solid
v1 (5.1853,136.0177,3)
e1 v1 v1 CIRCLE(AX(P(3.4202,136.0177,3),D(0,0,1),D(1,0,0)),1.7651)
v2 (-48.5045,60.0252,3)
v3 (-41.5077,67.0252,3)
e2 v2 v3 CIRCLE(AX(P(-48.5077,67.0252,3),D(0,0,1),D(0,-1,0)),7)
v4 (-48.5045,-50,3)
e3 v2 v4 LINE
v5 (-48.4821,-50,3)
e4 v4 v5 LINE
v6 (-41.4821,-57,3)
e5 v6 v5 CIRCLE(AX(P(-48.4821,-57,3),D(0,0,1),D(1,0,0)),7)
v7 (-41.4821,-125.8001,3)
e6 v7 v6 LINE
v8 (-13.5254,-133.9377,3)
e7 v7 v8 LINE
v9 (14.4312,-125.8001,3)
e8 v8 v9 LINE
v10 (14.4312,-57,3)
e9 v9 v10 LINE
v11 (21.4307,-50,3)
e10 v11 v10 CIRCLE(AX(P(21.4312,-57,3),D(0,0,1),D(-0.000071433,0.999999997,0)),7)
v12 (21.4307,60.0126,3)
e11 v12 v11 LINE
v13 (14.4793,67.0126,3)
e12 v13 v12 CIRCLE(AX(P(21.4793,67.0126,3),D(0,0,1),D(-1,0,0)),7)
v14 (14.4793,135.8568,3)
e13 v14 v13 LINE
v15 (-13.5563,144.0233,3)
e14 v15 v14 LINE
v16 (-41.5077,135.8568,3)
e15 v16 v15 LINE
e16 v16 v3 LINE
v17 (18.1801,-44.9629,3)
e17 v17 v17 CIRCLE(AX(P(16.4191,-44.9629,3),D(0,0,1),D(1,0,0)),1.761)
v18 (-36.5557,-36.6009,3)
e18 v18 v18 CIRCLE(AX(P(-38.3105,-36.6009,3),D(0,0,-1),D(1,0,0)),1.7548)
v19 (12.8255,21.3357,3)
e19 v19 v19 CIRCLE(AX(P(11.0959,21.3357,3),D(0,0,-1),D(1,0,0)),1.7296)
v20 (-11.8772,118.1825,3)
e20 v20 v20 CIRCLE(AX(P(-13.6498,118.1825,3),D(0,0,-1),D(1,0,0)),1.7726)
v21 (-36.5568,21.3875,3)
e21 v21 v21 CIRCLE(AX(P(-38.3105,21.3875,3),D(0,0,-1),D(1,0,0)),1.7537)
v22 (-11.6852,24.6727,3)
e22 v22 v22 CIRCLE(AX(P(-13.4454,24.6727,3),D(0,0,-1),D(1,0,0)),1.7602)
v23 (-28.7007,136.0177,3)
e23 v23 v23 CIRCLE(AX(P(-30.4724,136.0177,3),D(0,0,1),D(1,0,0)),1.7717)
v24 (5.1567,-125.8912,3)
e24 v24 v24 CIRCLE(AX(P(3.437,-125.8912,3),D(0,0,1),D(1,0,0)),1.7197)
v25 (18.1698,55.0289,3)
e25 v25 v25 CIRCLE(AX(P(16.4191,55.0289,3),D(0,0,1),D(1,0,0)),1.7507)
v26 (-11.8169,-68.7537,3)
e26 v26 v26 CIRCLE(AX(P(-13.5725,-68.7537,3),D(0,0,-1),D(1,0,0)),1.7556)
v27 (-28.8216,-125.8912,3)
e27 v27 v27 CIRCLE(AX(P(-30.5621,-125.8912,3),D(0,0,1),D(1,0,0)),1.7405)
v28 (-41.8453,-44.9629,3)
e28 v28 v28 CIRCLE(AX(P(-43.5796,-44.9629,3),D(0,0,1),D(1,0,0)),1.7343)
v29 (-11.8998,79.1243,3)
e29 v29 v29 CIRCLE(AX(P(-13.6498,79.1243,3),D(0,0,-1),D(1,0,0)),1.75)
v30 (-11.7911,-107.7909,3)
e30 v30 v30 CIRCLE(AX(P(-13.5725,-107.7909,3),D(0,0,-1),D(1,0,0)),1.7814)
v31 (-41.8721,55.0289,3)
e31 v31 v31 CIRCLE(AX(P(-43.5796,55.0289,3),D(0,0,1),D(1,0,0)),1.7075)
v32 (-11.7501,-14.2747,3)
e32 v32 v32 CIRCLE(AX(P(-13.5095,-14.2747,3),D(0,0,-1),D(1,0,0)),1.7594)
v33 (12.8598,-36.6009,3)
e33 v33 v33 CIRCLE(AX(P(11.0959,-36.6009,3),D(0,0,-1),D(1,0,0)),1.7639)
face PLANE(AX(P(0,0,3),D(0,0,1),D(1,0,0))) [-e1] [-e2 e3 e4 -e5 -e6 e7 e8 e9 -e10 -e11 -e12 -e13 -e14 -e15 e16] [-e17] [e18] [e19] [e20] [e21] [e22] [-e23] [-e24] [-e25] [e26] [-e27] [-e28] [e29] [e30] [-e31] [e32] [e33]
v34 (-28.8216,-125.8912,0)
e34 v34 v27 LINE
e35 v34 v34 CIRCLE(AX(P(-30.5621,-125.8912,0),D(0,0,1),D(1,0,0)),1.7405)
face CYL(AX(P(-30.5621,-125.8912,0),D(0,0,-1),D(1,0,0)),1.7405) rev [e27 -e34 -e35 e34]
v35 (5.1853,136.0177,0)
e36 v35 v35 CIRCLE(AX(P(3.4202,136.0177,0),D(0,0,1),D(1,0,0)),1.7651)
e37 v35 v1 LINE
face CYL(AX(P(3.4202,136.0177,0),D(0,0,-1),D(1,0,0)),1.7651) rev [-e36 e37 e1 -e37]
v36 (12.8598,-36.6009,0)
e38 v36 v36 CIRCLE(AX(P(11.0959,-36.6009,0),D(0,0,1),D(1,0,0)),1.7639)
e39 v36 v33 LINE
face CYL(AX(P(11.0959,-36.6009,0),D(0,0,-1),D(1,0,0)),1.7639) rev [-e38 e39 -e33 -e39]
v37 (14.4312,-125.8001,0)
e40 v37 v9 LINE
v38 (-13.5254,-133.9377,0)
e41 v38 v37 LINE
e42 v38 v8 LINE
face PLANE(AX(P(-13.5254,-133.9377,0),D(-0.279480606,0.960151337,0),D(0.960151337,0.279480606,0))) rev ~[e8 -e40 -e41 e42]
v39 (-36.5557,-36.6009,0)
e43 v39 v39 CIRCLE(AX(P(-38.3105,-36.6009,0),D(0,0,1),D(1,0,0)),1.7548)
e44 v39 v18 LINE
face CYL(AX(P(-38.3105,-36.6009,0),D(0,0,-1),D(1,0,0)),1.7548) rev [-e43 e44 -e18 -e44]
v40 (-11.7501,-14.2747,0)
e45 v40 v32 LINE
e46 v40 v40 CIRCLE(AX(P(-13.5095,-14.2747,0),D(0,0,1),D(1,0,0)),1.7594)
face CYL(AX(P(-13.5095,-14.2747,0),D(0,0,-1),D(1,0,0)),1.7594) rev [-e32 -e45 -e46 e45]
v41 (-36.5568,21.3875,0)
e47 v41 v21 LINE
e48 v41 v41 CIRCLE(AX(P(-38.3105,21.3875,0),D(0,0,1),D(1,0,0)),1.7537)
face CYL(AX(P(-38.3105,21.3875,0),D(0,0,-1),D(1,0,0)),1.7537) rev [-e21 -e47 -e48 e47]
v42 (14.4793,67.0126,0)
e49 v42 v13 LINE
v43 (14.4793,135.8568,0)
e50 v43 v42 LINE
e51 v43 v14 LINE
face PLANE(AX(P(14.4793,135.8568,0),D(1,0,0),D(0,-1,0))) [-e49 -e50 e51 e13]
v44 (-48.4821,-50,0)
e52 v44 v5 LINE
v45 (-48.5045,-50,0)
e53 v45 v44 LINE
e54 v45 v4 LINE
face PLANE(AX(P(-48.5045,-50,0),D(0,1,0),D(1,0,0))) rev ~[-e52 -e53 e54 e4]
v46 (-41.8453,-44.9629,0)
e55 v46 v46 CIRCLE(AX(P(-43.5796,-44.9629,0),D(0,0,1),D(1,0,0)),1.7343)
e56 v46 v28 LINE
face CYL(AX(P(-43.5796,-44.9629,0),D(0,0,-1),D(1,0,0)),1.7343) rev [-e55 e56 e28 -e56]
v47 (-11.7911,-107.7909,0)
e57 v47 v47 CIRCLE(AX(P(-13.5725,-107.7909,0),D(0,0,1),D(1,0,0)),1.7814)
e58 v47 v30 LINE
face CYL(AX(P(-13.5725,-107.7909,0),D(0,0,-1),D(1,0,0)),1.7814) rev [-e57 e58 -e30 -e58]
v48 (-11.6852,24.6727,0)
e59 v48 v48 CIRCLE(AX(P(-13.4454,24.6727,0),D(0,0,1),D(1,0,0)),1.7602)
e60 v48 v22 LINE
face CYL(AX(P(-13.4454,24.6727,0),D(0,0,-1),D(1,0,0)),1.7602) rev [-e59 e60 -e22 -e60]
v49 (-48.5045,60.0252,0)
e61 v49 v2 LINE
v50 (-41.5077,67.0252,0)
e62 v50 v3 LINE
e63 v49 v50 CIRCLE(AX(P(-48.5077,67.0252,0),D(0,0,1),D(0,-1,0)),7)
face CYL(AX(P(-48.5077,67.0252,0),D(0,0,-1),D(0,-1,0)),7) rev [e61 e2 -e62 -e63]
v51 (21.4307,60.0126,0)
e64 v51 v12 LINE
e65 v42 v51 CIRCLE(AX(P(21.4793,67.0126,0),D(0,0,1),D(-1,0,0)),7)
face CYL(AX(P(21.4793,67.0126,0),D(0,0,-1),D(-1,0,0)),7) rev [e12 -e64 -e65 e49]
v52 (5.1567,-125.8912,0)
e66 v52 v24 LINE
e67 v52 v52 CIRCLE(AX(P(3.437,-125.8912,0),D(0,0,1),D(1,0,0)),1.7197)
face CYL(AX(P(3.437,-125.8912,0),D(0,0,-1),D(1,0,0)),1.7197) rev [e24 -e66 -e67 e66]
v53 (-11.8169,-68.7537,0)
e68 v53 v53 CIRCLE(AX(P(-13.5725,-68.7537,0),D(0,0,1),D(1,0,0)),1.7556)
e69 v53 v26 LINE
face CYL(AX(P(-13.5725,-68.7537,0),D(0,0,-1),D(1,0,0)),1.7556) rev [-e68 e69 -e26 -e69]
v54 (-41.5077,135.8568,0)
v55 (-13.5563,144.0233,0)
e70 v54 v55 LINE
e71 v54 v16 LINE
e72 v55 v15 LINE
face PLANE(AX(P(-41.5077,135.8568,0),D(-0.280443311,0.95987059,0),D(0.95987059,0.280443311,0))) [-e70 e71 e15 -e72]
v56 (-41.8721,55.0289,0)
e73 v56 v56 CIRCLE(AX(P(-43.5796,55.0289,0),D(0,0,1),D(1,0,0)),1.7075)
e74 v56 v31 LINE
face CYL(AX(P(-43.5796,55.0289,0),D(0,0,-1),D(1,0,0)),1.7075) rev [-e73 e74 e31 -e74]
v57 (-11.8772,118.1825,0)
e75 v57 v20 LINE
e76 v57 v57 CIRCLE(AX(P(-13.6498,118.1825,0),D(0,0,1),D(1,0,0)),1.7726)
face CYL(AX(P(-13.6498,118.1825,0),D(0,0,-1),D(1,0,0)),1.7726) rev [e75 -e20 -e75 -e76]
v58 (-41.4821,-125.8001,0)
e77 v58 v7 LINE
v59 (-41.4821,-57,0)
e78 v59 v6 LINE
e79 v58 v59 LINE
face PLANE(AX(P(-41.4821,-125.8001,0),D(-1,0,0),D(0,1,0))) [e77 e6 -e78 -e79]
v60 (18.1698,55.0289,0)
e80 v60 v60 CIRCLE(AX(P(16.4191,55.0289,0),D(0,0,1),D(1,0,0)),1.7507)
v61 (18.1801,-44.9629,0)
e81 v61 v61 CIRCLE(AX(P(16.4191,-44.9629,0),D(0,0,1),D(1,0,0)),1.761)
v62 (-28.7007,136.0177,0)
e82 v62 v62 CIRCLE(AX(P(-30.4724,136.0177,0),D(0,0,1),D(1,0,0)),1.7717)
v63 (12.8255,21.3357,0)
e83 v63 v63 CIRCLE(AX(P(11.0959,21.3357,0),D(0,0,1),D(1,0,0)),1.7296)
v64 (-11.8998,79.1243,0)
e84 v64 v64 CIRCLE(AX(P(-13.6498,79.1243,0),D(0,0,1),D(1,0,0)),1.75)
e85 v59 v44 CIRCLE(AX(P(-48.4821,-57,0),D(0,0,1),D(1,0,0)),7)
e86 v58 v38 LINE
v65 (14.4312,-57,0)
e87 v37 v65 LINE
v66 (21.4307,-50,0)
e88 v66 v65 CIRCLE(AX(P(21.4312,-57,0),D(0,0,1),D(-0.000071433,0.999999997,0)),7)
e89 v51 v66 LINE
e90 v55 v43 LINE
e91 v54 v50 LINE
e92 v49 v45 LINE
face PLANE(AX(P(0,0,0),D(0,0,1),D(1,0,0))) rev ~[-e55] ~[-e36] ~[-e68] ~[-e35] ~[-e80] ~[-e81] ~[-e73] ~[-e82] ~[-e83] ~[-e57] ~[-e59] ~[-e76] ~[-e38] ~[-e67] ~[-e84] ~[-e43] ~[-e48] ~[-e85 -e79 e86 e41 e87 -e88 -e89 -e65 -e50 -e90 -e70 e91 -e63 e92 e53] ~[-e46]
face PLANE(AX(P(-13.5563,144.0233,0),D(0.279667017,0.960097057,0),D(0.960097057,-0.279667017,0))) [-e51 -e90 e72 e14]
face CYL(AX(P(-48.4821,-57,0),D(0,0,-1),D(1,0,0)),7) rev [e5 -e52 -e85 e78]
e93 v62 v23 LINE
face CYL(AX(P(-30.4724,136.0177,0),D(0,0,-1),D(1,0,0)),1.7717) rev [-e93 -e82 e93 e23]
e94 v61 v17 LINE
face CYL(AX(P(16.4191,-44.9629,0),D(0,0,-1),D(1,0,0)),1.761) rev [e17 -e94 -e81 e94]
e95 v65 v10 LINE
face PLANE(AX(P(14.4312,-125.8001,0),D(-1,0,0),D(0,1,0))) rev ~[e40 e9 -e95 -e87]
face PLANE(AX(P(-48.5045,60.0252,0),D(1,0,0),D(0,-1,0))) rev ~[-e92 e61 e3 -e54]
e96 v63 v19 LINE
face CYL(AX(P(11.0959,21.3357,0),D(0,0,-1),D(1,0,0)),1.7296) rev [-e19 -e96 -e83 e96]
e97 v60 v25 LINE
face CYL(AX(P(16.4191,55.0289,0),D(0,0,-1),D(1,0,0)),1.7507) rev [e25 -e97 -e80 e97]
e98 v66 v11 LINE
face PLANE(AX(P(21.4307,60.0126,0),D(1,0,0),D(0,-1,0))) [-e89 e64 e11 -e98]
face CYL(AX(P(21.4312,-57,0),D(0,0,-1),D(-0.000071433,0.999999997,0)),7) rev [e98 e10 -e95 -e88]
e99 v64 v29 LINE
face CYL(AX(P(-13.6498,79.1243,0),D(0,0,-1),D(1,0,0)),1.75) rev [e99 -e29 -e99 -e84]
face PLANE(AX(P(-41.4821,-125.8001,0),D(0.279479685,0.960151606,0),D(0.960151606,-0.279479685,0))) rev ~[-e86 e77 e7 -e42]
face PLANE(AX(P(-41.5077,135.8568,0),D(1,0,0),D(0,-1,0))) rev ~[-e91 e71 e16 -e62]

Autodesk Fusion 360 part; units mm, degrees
sketch "Skizze1" plane through (0, 0, 0) normal (0, 0, 1) x (1, 0, 0)
  line L0 (-48.5045, 60.0252) -> (-48.5045, -50)
  line L1 (21.4307, 60.0126) -> (21.4307, -50)
  line L2 (-41.5077, 135.8568) -> (-13.5563, 144.0233)
  line L3 (-13.5563, 144.0233) -> (14.4793, 135.8568)
  line L4 (-41.4821, -125.8001) -> (-13.5254, -133.9377)
  line L5 (-13.5254, -133.9377) -> (14.4312, -125.8001)
  line L6 (14.4312, -125.8001) -> (14.4312, -57)
  line L7 (-41.4821, -125.8001) -> (-41.4821, -57)
  line L8 (-41.5077, 135.8568) -> (-41.5077, 66.6867)
  line L9 (14.4793, 135.8568) -> (14.4793, 66.6867)
  circle A0 centre (3.4202, 136.0177) radius 1.7651
  circle A1 centre (-30.4724, 136.0177) radius 1.7717
  circle A2 centre (-30.5621, -125.8912) radius 1.7405
  circle A3 centre (3.437, -125.8912) radius 1.7197
  circle A4 centre (-43.5796, -44.9629) radius 1.7343
  circle A5 centre (16.4191, -44.9629) radius 1.761
  circle A6 centre (-43.5796, 55.0289) radius 1.7075
  circle A7 centre (16.4191, 55.0289) radius 1.7507
  line L10 (21.4307, 60.0126) -> (21.4793, 60.0126)
  line L11 (14.4793, 67.0126) -> (14.4793, 66.6867)
  line L12 (-41.5077, 66.6867) -> (-41.5077, 67.0252)
  line L13 (-48.5077, 60.0252) -> (-48.5045, 60.0252)
  line L14 (-48.5045, -50) -> (-48.4821, -50)
  line L15 (21.4312, -50) -> (21.4307, -50)
  arc A8 (21.4312, -50) -> (14.4312, -57) centre (21.4312, -57) ccw
  arc A9 (-41.4821, -57) -> (-48.4821, -50) centre (-48.4821, -57) ccw
  arc A10 (-48.5077, 60.0252) -> (-41.5077, 67.0252) centre (-48.5077, 67.0252) ccw
  arc A11 (14.4793, 67.0126) -> (21.4793, 60.0126) centre (21.4793, 67.0126) ccw
  dimension "d1" = 7
  dimension "d2" = 7
  dimension "d3" = 7
  dimension "d4" = 7
extrude "Extrusion1" add sketch "Skizze1" along normal blind 3
sketch "Skizze2" plane through (0, 0, 0) normal (0, 0, 1) x (1, 0, 0)
  circle A0 centre (-13.6498, 118.1825) radius 1.7726
  circle A1 centre (-13.6498, 79.1243) radius 1.75
  circle A2 centre (-13.4454, 24.6727) radius 1.7602
  circle A3 centre (-13.5095, -14.2747) radius 1.7594
  circle A4 centre (-38.3105, 21.3875) radius 1.7537
  circle A5 centre (-38.3105, -36.6009) radius 1.7548
  circle A6 centre (11.0959, -36.6009) radius 1.7639
  circle A7 centre (11.0959, 21.3357) radius 1.7296
  circle A8 centre (-13.5725, -68.7537) radius 1.7556
  circle A9 centre (-13.5725, -107.7909) radius 1.7814
  dimension "d7" = 3.5
extrude "Extrusion2" cut sketch "Skizze2" along normal blind 10
